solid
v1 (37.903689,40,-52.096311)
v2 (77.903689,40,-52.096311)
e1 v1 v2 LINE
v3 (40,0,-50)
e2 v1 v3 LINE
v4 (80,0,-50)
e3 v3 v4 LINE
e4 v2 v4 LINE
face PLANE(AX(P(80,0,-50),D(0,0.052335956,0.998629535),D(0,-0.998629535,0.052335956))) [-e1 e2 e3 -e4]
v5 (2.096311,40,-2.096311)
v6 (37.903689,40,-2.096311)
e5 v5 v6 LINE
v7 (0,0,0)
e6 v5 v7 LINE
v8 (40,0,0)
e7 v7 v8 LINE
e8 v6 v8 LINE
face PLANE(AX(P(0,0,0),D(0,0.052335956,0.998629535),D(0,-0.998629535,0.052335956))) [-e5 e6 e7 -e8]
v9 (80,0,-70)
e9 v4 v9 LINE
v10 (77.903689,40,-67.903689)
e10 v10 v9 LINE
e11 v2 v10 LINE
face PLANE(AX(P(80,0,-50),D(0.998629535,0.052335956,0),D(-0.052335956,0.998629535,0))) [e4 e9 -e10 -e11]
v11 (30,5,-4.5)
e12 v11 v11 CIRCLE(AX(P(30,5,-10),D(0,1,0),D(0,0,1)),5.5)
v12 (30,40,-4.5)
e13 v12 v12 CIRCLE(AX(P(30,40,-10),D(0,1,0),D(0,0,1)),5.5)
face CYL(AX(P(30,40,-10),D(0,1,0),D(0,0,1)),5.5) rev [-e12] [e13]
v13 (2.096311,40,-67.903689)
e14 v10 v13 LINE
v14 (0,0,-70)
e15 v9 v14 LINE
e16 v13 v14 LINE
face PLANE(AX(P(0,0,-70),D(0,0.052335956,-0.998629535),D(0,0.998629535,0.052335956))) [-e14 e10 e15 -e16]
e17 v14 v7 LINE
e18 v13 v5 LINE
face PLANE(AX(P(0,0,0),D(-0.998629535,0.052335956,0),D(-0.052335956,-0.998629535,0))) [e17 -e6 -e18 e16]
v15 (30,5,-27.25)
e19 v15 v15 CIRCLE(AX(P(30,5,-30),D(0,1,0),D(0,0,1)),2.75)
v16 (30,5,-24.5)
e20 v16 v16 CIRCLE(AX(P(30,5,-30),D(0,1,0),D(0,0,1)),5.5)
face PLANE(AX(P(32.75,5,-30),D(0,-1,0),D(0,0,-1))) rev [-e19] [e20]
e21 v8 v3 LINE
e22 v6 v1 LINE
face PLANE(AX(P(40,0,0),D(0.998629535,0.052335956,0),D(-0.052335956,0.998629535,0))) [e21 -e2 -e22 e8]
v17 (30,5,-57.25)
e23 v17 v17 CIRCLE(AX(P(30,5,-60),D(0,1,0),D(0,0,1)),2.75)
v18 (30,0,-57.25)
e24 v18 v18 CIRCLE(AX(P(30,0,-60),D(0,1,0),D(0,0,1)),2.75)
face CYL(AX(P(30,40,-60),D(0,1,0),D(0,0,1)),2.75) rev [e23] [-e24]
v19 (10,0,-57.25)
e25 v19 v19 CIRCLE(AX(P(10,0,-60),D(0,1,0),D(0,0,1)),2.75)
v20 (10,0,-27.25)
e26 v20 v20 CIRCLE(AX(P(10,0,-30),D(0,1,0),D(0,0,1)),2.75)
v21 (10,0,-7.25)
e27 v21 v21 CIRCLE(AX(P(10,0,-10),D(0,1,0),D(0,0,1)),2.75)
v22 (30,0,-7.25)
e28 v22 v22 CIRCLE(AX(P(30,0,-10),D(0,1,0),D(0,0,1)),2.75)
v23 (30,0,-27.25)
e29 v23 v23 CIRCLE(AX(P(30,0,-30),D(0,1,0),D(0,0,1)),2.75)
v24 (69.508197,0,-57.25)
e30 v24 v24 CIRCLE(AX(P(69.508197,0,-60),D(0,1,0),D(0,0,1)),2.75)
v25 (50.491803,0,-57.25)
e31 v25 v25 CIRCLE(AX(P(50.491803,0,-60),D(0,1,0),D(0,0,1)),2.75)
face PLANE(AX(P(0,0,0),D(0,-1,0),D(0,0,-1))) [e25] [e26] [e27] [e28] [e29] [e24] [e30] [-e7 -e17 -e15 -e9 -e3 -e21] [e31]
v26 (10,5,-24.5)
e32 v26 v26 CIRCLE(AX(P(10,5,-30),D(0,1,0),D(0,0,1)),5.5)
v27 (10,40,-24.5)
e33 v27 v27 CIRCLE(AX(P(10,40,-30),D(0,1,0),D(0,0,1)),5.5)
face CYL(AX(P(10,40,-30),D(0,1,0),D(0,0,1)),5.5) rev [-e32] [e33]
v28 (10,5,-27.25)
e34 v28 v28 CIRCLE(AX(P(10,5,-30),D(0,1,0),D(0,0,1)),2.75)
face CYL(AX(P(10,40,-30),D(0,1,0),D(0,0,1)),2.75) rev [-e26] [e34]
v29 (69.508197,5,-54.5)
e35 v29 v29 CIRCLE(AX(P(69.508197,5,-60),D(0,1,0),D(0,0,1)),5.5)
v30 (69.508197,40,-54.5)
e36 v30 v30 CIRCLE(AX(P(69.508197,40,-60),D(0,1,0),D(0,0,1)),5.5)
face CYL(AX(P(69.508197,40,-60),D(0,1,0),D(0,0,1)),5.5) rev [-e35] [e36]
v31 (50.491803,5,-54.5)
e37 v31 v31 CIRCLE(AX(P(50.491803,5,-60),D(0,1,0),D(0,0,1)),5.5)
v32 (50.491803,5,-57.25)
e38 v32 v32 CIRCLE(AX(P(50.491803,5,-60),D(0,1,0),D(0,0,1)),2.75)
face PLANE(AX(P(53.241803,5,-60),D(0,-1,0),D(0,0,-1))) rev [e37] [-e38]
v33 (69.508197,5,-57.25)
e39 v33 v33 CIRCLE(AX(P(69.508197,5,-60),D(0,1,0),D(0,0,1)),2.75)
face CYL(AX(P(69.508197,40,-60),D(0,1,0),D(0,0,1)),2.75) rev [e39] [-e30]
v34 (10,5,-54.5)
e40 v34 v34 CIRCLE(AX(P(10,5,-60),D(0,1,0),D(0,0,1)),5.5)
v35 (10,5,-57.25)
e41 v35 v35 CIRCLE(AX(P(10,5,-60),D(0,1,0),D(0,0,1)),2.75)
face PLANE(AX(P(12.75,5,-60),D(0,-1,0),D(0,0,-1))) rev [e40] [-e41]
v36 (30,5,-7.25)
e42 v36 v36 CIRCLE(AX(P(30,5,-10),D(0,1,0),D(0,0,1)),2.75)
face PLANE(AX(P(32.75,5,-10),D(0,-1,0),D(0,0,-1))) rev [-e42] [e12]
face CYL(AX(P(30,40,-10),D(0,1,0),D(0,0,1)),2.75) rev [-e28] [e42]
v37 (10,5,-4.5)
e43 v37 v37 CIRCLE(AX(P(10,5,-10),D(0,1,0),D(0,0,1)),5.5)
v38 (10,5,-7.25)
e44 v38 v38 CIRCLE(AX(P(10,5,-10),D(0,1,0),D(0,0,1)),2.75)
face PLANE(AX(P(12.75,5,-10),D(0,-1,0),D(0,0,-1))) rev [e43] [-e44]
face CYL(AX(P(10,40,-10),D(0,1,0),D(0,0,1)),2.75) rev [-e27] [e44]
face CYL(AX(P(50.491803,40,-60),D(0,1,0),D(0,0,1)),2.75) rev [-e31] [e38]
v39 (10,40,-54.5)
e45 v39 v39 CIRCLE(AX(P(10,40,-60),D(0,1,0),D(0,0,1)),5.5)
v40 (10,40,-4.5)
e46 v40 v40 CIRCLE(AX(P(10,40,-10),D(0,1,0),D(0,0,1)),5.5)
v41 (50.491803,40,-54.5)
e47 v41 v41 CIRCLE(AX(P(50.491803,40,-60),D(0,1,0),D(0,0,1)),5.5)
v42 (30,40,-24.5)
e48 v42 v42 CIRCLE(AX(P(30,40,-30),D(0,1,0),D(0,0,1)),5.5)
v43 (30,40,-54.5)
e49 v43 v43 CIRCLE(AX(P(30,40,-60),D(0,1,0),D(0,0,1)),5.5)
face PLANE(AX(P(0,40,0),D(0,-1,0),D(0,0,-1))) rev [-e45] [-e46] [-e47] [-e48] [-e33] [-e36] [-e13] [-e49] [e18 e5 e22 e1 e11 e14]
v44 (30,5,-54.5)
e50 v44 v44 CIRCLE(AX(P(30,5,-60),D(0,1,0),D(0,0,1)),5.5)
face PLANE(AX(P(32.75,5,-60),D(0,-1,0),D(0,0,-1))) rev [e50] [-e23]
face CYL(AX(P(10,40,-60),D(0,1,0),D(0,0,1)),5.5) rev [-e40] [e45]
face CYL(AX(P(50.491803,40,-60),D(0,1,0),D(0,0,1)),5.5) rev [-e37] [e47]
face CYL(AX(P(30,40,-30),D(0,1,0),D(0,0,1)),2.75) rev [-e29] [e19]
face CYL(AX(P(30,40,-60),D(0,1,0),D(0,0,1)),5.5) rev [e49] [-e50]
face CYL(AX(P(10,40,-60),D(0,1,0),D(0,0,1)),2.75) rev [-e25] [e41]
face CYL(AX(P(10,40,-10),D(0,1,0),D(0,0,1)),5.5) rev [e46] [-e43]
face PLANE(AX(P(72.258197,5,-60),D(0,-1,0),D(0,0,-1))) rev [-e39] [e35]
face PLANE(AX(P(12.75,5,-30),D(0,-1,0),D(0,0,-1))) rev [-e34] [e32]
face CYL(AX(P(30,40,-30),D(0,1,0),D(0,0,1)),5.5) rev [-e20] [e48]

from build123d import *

# Parameters (mm, degrees)
BOSS_EXTRUDE1_DEPTH             = 40
BOSS_EXTRUDE1_TAPER             = 3
CBORE_FOR_M5_SBHCS1_D           = 5.5
CBORE_FOR_M5_SBHCS1_CBORE_D     = 11
CBORE_FOR_M5_SBHCS1_CBORE_DEPTH = 35


with BuildPart() as part:
    # Sketch1 → Boss-Extrude1 (new body)
    with BuildSketch(Plane(origin=(0, 0, 0), x_dir=(1, 0, 0), z_dir=(0, 1, 0))):
        Polygon((0, 0), (40, 0), (40, 50), (80, 50), (80, 70), (0, 70), align=None)
    extrude(amount=BOSS_EXTRUDE1_DEPTH, taper=BOSS_EXTRUDE1_TAPER)

    # CBORE for M5 SBHCS1 (through all)
    with Locations(Plane(origin=(0, 40, 0), x_dir=(1, 0, 0), z_dir=(0, 1, 0))):
        with Locations((69.508196721, 60), (30, 10), (10, 10), (10, 60), (50.491803279, 60), (30, 60), (10, 30), (30, 30)):
            CounterBoreHole(CBORE_FOR_M5_SBHCS1_D / 2, CBORE_FOR_M5_SBHCS1_CBORE_D / 2, CBORE_FOR_M5_SBHCS1_CBORE_DEPTH)


solid = part.part
